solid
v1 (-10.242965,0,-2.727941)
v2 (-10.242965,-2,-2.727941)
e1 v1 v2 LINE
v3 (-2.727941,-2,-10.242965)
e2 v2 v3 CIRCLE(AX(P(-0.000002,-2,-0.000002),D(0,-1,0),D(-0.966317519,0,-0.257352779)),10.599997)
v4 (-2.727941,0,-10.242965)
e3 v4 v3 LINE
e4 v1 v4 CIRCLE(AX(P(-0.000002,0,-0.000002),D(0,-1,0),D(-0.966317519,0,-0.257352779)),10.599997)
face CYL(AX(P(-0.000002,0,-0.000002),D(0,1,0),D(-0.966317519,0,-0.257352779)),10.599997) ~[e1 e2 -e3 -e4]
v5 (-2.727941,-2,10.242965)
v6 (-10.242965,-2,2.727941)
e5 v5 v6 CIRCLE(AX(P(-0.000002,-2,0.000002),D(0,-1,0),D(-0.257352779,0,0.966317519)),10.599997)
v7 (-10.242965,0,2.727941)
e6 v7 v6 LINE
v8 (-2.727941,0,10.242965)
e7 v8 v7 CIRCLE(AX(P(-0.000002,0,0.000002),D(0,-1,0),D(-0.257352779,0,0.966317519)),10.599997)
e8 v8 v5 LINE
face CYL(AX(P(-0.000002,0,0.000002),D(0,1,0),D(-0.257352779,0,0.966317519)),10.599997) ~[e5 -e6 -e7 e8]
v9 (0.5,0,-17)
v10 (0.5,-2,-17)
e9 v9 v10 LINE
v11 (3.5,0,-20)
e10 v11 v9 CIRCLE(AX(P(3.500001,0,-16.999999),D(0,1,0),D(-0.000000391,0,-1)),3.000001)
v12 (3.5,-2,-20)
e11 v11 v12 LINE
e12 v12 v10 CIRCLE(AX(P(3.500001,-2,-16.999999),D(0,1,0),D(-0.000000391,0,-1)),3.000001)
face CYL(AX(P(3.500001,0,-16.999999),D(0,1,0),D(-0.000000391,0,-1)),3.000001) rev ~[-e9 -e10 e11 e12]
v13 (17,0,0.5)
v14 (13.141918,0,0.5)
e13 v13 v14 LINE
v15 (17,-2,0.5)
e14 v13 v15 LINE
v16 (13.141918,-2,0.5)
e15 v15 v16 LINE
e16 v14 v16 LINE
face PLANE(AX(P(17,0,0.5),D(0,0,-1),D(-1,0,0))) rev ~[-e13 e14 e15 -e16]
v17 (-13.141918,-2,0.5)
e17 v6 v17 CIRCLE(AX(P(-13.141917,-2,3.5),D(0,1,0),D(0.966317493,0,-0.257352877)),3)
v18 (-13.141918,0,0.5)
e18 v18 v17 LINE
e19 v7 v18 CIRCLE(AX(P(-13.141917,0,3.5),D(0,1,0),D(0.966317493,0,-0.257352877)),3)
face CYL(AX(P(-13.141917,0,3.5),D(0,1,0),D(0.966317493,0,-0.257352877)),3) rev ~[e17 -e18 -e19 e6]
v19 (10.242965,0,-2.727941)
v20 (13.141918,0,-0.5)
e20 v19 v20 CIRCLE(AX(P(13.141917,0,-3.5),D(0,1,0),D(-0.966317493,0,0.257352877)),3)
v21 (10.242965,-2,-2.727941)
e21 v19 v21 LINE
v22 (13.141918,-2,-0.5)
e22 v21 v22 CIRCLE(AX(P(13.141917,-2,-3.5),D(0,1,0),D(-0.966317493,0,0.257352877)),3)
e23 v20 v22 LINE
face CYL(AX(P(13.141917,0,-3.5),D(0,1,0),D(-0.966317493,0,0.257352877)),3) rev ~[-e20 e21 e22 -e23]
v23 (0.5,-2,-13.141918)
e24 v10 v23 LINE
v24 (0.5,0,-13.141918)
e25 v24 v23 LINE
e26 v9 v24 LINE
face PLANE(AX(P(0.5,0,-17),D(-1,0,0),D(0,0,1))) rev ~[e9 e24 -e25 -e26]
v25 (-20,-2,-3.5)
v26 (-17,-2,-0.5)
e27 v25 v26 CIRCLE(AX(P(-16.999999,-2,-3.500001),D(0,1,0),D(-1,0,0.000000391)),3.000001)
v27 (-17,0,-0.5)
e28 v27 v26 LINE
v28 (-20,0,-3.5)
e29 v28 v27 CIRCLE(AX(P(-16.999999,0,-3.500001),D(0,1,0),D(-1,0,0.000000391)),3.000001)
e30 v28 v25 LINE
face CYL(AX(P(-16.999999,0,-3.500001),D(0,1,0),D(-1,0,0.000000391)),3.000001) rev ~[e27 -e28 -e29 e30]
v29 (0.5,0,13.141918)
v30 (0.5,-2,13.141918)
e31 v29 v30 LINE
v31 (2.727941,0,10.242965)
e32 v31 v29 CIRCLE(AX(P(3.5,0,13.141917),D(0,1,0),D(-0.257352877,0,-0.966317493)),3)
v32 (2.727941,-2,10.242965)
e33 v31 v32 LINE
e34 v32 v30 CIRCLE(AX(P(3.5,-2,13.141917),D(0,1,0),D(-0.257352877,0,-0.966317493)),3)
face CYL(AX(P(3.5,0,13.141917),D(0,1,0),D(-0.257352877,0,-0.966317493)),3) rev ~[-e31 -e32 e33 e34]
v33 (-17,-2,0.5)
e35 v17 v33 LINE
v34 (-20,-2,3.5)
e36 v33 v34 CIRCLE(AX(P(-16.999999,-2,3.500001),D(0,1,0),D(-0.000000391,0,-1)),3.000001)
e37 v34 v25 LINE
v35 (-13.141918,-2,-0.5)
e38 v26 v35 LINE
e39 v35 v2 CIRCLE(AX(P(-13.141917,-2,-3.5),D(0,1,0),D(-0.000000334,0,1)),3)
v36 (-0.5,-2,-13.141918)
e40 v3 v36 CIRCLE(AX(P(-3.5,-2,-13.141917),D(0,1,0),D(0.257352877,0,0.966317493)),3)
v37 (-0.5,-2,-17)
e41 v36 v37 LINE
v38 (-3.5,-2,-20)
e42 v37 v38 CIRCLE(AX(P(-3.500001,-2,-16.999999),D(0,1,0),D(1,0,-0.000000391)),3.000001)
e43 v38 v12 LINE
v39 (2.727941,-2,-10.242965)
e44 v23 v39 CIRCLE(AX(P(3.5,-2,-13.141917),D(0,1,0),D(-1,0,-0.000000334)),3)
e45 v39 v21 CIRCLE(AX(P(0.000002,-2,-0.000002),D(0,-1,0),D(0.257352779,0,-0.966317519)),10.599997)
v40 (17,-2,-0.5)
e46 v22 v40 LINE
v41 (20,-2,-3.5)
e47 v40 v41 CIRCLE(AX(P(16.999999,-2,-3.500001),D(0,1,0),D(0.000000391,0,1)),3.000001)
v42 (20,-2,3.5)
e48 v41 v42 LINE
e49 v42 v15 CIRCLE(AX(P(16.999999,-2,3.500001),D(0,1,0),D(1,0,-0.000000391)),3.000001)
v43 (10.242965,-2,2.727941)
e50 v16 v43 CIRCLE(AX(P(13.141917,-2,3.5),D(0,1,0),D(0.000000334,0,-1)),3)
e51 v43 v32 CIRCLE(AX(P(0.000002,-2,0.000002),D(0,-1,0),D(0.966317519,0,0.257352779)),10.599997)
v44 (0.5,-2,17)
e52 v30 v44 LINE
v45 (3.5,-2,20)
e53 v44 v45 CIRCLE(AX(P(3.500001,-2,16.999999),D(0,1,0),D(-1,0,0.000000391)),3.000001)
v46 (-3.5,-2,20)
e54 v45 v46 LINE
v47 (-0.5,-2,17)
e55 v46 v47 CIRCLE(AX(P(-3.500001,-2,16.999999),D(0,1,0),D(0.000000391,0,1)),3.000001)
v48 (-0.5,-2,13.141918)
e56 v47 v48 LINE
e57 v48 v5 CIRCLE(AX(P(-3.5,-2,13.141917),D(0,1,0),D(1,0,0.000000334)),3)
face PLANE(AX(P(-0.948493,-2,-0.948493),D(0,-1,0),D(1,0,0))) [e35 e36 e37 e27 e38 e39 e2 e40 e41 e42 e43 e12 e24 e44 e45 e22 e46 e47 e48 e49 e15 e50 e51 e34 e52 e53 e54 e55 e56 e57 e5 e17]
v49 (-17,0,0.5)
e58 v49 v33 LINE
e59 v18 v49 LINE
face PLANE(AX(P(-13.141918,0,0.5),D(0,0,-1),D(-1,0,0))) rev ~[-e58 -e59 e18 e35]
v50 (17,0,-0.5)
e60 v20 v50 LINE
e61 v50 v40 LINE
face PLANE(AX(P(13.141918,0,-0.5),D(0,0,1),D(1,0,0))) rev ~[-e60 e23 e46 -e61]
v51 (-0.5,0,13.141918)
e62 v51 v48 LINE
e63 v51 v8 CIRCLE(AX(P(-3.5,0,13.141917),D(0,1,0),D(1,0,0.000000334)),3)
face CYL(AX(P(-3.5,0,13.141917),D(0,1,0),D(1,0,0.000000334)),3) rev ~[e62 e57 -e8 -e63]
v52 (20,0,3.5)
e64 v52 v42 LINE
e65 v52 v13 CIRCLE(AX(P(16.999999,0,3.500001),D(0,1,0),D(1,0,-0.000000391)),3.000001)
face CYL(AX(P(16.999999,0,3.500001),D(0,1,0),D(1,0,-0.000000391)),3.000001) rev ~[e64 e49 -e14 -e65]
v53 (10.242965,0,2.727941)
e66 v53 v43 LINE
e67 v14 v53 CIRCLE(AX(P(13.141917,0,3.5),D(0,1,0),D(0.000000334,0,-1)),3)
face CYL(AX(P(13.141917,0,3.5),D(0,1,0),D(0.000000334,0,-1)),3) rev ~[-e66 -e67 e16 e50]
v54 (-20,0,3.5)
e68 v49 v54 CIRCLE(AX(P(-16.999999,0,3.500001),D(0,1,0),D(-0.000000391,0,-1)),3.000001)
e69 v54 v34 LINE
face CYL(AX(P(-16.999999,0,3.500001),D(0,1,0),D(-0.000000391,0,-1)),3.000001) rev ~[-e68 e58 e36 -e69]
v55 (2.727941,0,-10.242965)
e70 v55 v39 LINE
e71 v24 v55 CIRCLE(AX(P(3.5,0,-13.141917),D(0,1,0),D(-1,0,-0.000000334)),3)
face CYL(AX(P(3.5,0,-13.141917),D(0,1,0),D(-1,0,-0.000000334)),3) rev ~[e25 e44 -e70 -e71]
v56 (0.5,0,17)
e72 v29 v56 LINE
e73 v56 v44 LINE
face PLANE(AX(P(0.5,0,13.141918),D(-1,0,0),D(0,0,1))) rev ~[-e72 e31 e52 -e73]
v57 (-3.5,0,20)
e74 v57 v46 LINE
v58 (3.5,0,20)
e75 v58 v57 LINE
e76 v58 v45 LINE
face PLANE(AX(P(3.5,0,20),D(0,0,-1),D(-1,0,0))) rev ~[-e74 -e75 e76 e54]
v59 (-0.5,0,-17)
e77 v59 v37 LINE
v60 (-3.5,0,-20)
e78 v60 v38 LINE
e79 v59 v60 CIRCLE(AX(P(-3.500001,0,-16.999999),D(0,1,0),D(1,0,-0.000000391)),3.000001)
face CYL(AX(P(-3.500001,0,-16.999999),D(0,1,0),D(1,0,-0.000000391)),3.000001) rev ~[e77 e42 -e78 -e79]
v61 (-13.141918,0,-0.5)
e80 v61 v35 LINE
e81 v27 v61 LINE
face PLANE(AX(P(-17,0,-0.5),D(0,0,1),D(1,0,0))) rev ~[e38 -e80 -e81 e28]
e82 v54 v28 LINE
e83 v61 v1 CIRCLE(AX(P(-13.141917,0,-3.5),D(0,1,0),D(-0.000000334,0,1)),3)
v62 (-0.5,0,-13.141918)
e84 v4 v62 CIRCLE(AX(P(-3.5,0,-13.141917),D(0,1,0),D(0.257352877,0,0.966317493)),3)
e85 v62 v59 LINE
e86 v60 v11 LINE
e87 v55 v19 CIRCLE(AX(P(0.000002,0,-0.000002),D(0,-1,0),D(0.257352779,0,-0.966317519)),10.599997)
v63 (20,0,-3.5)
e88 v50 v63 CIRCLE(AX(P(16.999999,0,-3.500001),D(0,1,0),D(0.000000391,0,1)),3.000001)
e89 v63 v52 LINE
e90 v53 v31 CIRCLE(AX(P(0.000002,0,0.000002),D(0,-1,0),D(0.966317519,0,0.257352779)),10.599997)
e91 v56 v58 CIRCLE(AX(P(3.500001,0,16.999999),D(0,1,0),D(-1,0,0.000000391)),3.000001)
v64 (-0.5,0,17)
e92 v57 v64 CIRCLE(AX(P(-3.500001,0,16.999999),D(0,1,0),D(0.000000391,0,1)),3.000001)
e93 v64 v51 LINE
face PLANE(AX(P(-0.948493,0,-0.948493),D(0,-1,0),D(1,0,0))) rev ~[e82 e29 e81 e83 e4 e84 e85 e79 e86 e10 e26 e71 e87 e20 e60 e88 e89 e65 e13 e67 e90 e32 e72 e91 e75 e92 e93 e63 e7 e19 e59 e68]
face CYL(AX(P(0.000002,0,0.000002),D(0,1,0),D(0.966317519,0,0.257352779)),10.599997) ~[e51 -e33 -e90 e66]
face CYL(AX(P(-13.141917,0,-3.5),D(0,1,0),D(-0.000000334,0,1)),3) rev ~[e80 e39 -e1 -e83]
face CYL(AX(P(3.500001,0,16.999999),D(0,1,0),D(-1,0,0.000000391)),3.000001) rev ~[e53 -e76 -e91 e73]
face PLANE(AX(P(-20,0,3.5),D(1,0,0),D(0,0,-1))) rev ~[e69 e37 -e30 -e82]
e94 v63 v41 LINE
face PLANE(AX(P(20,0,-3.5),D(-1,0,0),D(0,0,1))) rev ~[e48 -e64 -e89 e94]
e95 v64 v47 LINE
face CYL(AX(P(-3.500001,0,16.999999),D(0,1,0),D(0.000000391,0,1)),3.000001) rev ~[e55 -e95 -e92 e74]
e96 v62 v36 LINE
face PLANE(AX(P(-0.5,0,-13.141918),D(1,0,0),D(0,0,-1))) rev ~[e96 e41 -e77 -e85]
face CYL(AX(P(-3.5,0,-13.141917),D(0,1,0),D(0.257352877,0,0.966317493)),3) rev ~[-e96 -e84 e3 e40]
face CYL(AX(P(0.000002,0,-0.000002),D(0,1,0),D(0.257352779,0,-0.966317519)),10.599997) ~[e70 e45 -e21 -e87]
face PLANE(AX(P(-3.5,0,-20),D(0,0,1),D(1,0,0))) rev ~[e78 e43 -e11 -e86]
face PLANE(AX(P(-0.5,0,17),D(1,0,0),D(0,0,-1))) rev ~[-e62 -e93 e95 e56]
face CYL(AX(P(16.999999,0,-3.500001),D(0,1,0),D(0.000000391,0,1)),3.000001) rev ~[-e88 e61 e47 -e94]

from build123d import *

# Parameters (mm, degrees)
F1_DEPTH = 2


with BuildPart() as f1:
    # F0 (on Front) → F1 (new body)
    with BuildSketch(Plane.XZ):
        with BuildLine():
            ThreePointArc((-13.141918, -0.5), (-11.313828, -1.121326), (-10.242965, -2.727941))
            ThreePointArc((-10.242965, -2.727941), (-7.495332, -7.495332), (-2.727941, -10.242965))
            ThreePointArc((-2.727941, -10.242965), (-1.121326, -11.313828), (-0.5, -13.141918))
            Line((-0.5, -13.141918), (-0.5, -17))
            ThreePointArc((-0.5, -17), (-1.37868, -19.12132), (-3.5, -20))
            Line((-3.5, -20), (3.5, -20))
            ThreePointArc((3.5, -20), (1.37868, -19.12132), (0.5, -17))
            Line((0.5, -17), (0.5, -13.141918))
            ThreePointArc((0.5, -13.141918), (1.121326, -11.313828), (2.727941, -10.242965))
            ThreePointArc((2.727941, -10.242965), (7.495332, -7.495332), (10.242965, -2.727941))
            ThreePointArc((10.242965, -2.727941), (11.313828, -1.121326), (13.141918, -0.5))
            Line((13.141918, -0.5), (17, -0.5))
            ThreePointArc((17, -0.5), (19.12132, -1.37868), (20, -3.5))
            Line((20, -3.5), (20, 0))
            Line((20, 0), (0, 0))
            Line((0, 0), (0, 20))
            Line((0, 20), (-3.5, 20))
            ThreePointArc((-3.5, 20), (-1.37868, 19.12132), (-0.5, 17))
            Line((-0.5, 17), (-0.5, 13.141918))
            ThreePointArc((-0.5, 13.141918), (-1.121326, 11.313828), (-2.727941, 10.242965))
            ThreePointArc((-2.727941, 10.242965), (-7.495332, 7.495332), (-10.242965, 2.727941))
            ThreePointArc((-10.242965, 2.727941), (-11.313828, 1.121326), (-13.141918, 0.5))
            Line((-13.141918, 0.5), (-17, 0.5))
            ThreePointArc((-17, 0.5), (-19.12132, 1.37868), (-20, 3.5))
            Line((-20, 3.5), (-20, -3.5))
            ThreePointArc((-20, -3.5), (-19.12132, -1.37868), (-17, -0.5))
            Line((-17, -0.5), (-13.141918, -0.5))
        make_face()
        with BuildLine():
            Line((3.5, 20), (0, 20))
            Line((0, 20), (0, 0))
            Line((0, 0), (20, 0))
            Line((20, 0), (20, 3.5))
            ThreePointArc((20, 3.5), (19.12132, 1.37868), (17, 0.5))
            Line((17, 0.5), (13.141918, 0.5))
            ThreePointArc((13.141918, 0.5), (11.313828, 1.121326), (10.242965, 2.727941))
            ThreePointArc((10.242965, 2.727941), (7.495332, 7.495332), (2.727941, 10.242965))
            ThreePointArc((2.727941, 10.242965), (1.121326, 11.313828), (0.5, 13.141918))
            Line((0.5, 13.141918), (0.5, 17))
            ThreePointArc((0.5, 17), (1.37868, 19.12132), (3.5, 20))
        make_face()
    extrude(amount=F1_DEPTH)


solid = f1.part
